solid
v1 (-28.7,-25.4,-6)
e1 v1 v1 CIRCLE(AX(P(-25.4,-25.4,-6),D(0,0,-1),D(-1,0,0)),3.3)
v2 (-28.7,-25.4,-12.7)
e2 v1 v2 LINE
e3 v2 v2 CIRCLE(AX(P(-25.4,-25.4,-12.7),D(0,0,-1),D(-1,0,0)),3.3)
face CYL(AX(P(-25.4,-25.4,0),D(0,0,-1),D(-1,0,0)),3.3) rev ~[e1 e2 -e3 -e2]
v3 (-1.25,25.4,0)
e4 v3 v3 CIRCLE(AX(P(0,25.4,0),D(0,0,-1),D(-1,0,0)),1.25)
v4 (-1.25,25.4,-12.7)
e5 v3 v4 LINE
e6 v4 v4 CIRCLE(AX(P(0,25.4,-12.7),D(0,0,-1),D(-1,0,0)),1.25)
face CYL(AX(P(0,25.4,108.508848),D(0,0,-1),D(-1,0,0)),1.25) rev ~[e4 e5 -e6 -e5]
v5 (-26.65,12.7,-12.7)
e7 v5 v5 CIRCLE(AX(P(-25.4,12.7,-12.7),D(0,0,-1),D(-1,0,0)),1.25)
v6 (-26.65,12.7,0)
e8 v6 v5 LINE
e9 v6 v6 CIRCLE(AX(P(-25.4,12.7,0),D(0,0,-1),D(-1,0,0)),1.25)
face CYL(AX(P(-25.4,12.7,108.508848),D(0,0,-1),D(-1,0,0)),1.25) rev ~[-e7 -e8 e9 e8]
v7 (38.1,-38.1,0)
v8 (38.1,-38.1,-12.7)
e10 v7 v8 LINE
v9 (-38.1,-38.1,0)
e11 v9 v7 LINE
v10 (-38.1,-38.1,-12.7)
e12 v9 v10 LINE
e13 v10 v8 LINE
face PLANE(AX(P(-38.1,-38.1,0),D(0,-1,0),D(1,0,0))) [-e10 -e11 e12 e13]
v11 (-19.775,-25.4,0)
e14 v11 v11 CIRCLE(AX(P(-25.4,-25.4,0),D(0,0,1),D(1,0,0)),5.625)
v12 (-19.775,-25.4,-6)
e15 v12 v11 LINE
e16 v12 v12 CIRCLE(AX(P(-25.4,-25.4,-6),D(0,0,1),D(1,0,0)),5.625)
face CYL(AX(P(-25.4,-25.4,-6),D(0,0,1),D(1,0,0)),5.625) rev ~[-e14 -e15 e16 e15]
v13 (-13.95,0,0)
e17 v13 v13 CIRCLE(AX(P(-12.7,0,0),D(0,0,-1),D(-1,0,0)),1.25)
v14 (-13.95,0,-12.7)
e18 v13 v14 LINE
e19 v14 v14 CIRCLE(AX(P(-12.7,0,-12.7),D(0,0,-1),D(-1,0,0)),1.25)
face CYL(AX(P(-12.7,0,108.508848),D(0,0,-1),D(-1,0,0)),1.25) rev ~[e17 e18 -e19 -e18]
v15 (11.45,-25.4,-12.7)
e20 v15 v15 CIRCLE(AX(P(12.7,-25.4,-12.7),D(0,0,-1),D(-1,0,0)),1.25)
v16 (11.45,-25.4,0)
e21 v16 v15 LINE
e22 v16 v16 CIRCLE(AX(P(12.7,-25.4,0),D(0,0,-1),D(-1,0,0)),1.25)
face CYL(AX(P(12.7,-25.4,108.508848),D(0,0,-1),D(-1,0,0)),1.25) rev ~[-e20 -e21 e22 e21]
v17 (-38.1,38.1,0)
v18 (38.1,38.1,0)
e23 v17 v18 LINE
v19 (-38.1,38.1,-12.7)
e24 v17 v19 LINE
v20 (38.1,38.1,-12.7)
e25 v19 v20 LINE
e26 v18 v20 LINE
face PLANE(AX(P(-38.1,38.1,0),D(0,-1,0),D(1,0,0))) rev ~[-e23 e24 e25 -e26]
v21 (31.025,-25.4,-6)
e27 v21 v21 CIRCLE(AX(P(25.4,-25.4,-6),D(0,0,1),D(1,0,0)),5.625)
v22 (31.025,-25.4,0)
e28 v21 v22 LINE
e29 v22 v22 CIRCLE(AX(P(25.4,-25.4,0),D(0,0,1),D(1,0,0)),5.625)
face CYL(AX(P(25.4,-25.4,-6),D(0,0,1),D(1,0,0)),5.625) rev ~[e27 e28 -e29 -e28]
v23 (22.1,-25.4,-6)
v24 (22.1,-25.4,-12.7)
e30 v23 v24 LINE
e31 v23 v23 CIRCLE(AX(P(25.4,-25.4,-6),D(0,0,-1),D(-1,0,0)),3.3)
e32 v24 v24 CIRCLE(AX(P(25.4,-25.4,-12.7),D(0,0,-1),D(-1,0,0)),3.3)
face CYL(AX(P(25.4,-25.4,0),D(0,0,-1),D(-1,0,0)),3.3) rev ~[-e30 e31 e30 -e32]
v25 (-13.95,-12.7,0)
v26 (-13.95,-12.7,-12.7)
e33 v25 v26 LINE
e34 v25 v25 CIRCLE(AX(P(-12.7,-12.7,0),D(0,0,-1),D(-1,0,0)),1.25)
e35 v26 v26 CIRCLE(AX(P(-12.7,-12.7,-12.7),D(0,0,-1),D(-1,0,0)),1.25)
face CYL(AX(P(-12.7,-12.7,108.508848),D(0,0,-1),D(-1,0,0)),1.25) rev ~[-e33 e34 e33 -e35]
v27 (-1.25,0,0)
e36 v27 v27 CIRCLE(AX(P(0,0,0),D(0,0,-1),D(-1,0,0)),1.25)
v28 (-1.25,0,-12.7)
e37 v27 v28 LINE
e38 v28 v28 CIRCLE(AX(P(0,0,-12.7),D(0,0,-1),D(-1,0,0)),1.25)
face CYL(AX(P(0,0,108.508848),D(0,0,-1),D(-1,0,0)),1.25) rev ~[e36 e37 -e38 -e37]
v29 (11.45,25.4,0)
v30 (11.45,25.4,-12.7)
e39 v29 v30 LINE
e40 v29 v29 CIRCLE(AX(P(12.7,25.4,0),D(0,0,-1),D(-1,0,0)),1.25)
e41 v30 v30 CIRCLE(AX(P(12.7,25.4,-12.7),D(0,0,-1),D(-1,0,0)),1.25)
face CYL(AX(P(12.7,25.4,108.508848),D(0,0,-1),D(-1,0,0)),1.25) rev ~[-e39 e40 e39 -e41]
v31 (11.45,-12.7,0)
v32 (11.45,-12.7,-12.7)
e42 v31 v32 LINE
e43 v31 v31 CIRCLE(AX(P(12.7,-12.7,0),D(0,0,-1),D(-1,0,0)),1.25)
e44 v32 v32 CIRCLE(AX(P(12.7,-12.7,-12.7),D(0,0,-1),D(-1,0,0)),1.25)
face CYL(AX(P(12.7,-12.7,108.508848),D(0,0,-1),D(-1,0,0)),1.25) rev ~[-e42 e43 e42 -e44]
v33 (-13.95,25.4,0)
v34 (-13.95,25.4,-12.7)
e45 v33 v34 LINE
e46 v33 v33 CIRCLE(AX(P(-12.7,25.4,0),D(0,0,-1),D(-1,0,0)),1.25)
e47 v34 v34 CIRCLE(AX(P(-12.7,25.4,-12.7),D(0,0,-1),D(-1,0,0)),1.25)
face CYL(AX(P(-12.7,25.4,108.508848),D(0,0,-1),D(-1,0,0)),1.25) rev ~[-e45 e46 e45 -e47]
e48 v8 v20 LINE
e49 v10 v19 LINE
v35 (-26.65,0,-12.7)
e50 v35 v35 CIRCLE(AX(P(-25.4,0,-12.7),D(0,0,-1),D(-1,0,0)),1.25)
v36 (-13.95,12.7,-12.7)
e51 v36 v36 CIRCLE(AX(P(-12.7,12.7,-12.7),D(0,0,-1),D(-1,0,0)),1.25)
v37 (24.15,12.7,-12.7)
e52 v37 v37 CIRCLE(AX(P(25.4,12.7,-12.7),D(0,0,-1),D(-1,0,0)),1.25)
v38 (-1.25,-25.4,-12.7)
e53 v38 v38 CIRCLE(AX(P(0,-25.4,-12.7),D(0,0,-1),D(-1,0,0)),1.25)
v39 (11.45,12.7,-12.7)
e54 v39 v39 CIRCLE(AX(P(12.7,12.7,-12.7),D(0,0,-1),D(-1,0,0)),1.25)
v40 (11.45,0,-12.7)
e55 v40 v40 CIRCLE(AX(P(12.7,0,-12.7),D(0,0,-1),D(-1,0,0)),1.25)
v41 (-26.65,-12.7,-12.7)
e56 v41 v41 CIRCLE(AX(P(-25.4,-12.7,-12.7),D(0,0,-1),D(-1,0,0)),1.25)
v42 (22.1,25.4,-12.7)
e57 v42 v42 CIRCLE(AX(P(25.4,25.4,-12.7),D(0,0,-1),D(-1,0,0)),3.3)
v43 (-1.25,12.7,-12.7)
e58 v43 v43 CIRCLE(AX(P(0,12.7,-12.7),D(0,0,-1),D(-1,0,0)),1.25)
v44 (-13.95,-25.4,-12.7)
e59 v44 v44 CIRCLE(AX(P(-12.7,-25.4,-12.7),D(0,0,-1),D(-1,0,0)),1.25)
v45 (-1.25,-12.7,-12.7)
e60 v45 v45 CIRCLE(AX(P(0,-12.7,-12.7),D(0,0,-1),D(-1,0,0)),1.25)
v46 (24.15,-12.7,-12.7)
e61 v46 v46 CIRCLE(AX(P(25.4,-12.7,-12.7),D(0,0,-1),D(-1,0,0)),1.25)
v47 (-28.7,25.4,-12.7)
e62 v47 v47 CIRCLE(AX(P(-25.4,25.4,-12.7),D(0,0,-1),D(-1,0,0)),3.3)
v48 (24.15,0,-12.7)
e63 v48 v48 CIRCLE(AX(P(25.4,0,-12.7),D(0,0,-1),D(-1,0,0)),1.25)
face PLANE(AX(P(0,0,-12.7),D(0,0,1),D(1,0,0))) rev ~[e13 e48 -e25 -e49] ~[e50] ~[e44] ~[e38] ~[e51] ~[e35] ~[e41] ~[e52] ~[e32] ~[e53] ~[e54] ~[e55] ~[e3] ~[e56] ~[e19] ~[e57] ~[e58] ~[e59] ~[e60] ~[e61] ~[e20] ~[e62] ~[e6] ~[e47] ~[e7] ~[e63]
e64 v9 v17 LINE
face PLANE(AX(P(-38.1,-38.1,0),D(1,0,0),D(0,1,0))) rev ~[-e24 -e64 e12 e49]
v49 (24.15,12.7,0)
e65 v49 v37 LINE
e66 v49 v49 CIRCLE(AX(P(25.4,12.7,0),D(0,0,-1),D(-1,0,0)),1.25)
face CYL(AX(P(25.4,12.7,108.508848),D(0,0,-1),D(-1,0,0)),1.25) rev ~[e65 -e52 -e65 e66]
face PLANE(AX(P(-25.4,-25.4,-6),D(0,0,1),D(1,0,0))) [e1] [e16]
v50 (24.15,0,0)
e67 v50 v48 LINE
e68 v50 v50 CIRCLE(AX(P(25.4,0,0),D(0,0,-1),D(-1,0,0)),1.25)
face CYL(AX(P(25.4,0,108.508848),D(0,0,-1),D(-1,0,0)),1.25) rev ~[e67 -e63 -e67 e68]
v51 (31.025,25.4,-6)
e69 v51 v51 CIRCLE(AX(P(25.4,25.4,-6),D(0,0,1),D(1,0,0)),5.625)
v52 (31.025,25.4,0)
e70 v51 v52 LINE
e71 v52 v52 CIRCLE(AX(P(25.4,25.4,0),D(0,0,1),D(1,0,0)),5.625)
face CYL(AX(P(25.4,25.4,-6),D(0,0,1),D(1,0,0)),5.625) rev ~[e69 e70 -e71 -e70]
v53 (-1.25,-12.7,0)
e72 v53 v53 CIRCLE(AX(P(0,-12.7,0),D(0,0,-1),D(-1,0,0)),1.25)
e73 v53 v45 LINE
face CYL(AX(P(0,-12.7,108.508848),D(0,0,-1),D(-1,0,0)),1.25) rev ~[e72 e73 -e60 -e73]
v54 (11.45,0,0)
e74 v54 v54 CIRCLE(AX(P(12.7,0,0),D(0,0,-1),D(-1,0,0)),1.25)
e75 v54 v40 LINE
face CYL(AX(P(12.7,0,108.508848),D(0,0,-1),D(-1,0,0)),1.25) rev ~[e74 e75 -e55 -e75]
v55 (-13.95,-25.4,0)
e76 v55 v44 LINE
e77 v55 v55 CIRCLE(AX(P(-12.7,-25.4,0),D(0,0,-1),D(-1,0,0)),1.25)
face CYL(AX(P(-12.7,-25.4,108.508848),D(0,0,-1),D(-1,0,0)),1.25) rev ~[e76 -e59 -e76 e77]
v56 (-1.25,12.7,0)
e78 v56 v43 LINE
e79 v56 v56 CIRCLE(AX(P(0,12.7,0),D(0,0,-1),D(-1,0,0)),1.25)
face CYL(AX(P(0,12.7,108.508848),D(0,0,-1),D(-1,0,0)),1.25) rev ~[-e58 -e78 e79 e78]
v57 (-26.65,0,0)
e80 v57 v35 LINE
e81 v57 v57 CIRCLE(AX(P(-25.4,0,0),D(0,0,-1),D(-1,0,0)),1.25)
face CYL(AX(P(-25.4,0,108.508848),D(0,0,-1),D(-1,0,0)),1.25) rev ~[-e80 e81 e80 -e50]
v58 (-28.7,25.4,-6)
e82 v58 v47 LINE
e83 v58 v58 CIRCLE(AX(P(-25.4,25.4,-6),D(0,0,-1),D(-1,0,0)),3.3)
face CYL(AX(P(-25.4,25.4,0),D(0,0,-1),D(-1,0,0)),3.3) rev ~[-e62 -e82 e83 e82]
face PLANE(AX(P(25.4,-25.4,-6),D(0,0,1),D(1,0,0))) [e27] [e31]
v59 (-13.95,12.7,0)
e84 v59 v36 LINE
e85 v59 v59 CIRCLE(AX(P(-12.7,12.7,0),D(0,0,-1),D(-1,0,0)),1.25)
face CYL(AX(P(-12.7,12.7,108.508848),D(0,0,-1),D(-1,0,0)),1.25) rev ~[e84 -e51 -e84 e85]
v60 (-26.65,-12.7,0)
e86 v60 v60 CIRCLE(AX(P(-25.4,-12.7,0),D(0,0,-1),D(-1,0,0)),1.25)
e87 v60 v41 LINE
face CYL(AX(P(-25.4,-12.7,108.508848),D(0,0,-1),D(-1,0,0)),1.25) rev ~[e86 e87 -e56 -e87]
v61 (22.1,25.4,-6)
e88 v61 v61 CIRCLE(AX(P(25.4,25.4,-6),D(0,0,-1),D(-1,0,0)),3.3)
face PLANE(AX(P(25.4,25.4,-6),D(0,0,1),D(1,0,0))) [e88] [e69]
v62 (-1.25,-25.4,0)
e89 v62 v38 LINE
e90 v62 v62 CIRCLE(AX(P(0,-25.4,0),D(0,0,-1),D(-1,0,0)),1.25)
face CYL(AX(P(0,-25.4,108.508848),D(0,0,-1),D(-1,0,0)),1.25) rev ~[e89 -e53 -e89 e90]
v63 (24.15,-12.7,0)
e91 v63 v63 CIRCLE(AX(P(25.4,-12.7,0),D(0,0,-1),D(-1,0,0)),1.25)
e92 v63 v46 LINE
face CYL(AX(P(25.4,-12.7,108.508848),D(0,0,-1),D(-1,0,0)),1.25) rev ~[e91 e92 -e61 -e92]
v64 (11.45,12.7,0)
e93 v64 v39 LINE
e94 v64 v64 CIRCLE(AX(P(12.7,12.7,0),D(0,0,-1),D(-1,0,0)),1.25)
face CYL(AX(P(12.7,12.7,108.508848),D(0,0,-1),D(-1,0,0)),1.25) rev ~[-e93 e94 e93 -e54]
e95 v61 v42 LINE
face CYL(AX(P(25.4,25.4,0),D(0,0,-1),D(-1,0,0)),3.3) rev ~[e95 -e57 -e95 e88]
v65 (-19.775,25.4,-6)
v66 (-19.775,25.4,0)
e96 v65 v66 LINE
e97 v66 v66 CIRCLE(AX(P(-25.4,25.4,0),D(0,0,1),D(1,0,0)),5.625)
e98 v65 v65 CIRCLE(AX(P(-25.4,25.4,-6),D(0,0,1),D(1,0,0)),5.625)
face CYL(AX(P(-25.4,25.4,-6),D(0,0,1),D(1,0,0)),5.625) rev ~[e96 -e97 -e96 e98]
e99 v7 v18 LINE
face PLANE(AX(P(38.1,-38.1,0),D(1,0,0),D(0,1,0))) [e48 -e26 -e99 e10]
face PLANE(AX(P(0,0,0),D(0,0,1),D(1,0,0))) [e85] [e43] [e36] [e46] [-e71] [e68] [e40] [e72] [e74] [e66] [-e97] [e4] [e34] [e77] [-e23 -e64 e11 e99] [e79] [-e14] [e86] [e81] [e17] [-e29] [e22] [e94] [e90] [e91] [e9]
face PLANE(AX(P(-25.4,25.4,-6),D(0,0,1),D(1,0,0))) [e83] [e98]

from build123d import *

# Parameters (mm, degrees)
F0_W           = 76.2
F0_H           = 76.2
F1_DEPTH       = 12.7
F2_D           = 2.5
F3_D           = 6.6
F3_CBORE_D     = 11.25
F3_CBORE_DEPTH = 6


with BuildPart() as f1:
    # F0 (on Top) → F1 (new body)
    with BuildSketch(Plane.XY):
        Rectangle(F0_W, F0_H)
    extrude(amount=-F1_DEPTH)

    # F2 (through all)
    with Locations(Plane.XY):
        with Locations((-25.4, 12.7), (-12.7, 25.4), (-12.7, 12.7), (0, 12.7), (12.7, 25.4), (0, 25.4), (12.7, 12.7), (25.4, 12.7), (25.4, 0), (12.7, 0), (0, 0), (-12.7, 0), (-25.4, 0), (-25.4, -12.7), (-12.7, -12.7), (0, -12.7), (12.7, -12.7), (25.4, -12.7), (12.7, -25.4), (0, -25.4), (-12.7, -25.4)):
            Hole(F2_D / 2)

    # F3 (through all)
    with Locations(Plane.XY):
        with Locations((-25.4, 25.4), (25.4, 25.4), (25.4, -25.4), (-25.4, -25.4)):
            CounterBoreHole(F3_D / 2, F3_CBORE_D / 2, F3_CBORE_DEPTH)


solid = f1.part
